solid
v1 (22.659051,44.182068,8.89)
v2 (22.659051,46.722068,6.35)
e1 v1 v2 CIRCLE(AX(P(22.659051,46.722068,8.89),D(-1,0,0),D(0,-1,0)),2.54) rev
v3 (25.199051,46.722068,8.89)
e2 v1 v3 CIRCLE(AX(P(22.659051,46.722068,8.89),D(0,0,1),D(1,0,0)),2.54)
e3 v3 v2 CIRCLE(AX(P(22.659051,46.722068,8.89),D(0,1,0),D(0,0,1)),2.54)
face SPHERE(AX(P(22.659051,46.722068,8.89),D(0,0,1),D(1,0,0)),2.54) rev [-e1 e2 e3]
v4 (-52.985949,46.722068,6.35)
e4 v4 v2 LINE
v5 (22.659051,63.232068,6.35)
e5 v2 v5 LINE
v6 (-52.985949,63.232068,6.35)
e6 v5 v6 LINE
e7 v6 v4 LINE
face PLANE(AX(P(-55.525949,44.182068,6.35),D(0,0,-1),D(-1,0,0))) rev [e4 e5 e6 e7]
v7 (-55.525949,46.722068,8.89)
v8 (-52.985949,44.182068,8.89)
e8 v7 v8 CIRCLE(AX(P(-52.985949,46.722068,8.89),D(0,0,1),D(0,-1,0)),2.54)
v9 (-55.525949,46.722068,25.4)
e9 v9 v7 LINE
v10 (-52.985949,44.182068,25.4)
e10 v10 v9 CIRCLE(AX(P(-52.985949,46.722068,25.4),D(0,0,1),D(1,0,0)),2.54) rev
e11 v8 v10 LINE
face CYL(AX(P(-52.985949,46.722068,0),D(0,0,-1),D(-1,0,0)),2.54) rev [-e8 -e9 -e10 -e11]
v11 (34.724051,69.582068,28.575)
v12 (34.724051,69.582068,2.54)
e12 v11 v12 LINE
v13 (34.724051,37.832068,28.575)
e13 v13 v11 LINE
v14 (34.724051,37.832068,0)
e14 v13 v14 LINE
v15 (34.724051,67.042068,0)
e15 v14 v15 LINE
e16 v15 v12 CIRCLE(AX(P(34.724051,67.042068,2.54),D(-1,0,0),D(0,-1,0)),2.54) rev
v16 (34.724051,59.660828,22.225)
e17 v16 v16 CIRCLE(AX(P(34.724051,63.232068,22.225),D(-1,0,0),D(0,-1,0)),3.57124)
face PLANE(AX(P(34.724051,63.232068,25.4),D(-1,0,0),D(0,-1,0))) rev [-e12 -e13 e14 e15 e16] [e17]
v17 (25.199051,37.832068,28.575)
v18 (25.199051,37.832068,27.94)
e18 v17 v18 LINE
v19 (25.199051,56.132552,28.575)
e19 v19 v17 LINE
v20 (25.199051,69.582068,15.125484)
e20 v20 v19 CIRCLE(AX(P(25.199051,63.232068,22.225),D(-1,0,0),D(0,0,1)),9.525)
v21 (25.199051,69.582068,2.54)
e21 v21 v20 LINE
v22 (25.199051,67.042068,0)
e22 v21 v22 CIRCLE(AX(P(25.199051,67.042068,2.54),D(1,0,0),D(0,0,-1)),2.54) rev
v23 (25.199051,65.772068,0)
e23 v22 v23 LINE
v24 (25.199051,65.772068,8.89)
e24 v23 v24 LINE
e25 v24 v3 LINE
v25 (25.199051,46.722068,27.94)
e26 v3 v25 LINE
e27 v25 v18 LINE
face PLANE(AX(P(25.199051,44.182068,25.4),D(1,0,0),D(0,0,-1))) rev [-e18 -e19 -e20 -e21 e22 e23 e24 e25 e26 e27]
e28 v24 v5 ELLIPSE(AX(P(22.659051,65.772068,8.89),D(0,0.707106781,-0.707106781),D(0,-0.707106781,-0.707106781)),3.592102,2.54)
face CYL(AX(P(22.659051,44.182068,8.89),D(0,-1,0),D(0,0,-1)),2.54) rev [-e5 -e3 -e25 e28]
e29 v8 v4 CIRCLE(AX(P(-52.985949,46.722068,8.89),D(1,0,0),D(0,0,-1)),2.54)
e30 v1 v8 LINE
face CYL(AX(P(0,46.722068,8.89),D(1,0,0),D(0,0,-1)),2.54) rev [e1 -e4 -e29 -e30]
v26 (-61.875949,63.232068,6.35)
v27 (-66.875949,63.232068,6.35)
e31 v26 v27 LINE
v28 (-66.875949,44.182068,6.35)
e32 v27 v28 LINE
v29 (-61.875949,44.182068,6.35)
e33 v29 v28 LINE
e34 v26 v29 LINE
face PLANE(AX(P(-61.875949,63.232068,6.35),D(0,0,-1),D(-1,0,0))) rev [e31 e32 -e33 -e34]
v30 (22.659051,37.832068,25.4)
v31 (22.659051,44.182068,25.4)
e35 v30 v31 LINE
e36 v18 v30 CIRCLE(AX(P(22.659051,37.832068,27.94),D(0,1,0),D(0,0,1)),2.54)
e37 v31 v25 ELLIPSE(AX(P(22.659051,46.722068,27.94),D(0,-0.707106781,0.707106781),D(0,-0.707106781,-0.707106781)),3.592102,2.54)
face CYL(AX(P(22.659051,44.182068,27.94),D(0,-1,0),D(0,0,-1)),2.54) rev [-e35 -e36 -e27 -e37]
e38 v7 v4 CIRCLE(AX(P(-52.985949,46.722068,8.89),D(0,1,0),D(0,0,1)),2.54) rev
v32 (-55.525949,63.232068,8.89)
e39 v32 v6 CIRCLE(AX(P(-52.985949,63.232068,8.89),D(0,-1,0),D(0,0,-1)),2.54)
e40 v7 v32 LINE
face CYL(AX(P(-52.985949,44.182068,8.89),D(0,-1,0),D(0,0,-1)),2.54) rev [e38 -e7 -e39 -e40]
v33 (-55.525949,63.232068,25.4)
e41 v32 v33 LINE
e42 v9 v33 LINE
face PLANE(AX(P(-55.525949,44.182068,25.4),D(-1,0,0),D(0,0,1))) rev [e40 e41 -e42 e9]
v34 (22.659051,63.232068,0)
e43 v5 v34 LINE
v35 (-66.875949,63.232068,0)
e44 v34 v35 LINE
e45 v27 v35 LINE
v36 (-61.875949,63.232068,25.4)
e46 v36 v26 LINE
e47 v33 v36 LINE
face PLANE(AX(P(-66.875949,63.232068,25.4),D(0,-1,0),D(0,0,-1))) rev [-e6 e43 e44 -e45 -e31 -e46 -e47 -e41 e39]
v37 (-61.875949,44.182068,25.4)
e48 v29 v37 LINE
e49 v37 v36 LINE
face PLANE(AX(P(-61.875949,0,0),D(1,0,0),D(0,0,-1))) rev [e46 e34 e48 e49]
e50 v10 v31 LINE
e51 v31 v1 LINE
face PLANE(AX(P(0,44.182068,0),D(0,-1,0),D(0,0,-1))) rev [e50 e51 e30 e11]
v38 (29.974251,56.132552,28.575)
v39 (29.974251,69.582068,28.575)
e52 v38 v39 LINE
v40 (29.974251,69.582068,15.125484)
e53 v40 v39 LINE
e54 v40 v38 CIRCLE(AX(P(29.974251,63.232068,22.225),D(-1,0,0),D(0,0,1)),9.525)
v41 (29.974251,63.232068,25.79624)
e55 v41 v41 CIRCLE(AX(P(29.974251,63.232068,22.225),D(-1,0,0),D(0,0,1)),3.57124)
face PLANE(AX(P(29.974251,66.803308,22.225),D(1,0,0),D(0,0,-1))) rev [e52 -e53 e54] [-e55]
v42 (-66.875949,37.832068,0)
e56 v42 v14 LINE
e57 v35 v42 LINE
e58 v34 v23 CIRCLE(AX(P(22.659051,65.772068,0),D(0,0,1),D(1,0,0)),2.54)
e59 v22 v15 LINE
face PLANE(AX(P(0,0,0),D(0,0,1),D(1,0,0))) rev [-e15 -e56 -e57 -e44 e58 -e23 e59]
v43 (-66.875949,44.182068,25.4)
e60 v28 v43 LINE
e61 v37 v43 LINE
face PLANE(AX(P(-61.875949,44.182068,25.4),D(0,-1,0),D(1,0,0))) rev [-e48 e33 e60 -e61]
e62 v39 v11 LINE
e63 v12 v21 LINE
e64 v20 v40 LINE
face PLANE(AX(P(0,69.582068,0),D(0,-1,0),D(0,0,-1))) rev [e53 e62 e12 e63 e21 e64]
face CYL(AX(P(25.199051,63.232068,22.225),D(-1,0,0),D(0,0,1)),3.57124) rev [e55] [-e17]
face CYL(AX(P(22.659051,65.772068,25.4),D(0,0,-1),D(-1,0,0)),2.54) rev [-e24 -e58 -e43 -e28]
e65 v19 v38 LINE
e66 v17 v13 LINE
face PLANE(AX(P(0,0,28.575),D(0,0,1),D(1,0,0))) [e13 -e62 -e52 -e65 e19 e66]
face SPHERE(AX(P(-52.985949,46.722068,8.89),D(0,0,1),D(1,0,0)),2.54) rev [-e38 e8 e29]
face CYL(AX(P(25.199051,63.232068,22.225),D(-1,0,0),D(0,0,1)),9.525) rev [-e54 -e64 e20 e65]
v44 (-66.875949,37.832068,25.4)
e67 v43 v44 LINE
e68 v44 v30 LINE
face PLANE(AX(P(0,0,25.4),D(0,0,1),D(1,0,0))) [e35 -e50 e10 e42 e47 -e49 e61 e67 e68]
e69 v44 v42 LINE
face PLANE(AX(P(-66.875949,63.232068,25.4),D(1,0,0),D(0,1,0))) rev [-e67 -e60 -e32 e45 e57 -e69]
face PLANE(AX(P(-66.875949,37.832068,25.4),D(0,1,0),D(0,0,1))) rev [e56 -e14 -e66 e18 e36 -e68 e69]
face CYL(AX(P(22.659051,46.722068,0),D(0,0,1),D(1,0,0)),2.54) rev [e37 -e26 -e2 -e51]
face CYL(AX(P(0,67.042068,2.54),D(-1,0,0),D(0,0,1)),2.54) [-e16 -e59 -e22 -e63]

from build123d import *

# Parameters (mm, degrees)
SKETCH1_W                                = 101.6
SKETCH1_H                                = 25.4
BOSS_EXTRUDE1_DEPTH                      = 25.4
SKETCH2_W                                = 80.725
SKETCH2_H                                = 19.05
CUT_EXTRUDE1_DEPTH                       = 19.05
SKETCH3_W                                = 19.05
SKETCH3_H                                = 19.05
CUT_EXTRUDE2_DEPTH                       = 5
SKETCH4_W                                = 9.525
SKETCH4_H                                = 25.4
BOSS_EXTRUDE2_DEPTH                      = 3.175
SKETCH8_W                                = 9.525
SKETCH8_H                                = 28.575
BOSS_EXTRUDE3_DEPTH                      = 6.35
CBORE_FOR_1_4_HEX_HEAD_BOLT1_D           = 7.14248
CBORE_FOR_1_4_HEX_HEAD_BOLT1_DEPTH       = 9.906
CBORE_FOR_1_4_HEX_HEAD_BOLT1_CBORE_D     = 19.05
CBORE_FOR_1_4_HEX_HEAD_BOLT1_CBORE_DEPTH = 4.7752
CBORE_FOR_1_4_HEX_HEAD_BOLT1_TIP         = 2.145817477
FILLET1_R                                = 2.54


with BuildPart() as part:
    # Sketch1 → Boss-Extrude1 (new body)
    with BuildSketch(Plane.XY):
        with Locations((-16.075949367, 50.532067511)):
            Rectangle(SKETCH1_W, SKETCH1_H)
    extrude(amount=BOSS_EXTRUDE1_DEPTH)

    # Sketch2 → Cut-Extrude1 (cut)
    with BuildSketch(Plane(origin=(0, 63.232067511, 0), x_dir=(1, 0, 0), z_dir=(0, 1, 0))):
        with Locations((-15.163449367, -15.875)):
            Rectangle(SKETCH2_W, SKETCH2_H)
    extrude(amount=-CUT_EXTRUDE1_DEPTH, mode=Mode.SUBTRACT)

    # Sketch3 → Cut-Extrude2 (cut)
    with BuildSketch(Plane.ZY.offset(66.875949367)):
        with Locations((15.875, 53.707067511)):
            Rectangle(SKETCH3_W, SKETCH3_H)
    extrude(amount=-CUT_EXTRUDE2_DEPTH, mode=Mode.SUBTRACT)

    # Sketch4 → Boss-Extrude2 (add)
    with BuildSketch(Plane.XY.offset(25.4)):
        with Locations((29.961550633, 50.532067511)):
            Rectangle(SKETCH4_W, SKETCH4_H)
    extrude(amount=BOSS_EXTRUDE2_DEPTH)

    # Sketch8 → Boss-Extrude3 (add)
    with BuildSketch(Plane(origin=(0, 63.232067511, 0), x_dir=(1, 0, 0), z_dir=(0, 1, 0))):
        with Locations((29.961550633, -14.2875)):
            Rectangle(SKETCH8_W, SKETCH8_H)
    extrude(amount=BOSS_EXTRUDE3_DEPTH)

    # CBORE for 1/4 Hex Head Bolt1
    with Locations(Plane.ZY.offset(-25.199050633)):
        with Locations((22.225, 63.232067511)):
            CounterBoreHole(CBORE_FOR_1_4_HEX_HEAD_BOLT1_D / 2, CBORE_FOR_1_4_HEX_HEAD_BOLT1_CBORE_D / 2, CBORE_FOR_1_4_HEX_HEAD_BOLT1_CBORE_DEPTH, depth=CBORE_FOR_1_4_HEX_HEAD_BOLT1_DEPTH)
            with Locations((0, 0, -(CBORE_FOR_1_4_HEX_HEAD_BOLT1_DEPTH + CBORE_FOR_1_4_HEX_HEAD_BOLT1_TIP / 2))):  # 118° drill point
                Cone(0, CBORE_FOR_1_4_HEX_HEAD_BOLT1_D / 2, CBORE_FOR_1_4_HEX_HEAD_BOLT1_TIP, mode=Mode.SUBTRACT)

    # Fillet1
    fillet1_edges = [part.edges().sort_by_distance(p)[0] for p in [
        (-55.525949367, 44.182067511, 15.875),
        (-15.163449367, 44.182067511, 6.35),
        (-55.525949367, 53.707067511, 6.35),
        (25.199050633, 44.182067511, 15.875),
        (25.199050633, 53.707067511, 6.35),
        (25.199050633, 41.007067511, 25.4),
        (25.199050633, 63.232067511, 3.175),
        (29.961550633, 69.582067511, 0),
    ]]
    fillet(fillet1_edges, radius=FILLET1_R)


solid = part.part
